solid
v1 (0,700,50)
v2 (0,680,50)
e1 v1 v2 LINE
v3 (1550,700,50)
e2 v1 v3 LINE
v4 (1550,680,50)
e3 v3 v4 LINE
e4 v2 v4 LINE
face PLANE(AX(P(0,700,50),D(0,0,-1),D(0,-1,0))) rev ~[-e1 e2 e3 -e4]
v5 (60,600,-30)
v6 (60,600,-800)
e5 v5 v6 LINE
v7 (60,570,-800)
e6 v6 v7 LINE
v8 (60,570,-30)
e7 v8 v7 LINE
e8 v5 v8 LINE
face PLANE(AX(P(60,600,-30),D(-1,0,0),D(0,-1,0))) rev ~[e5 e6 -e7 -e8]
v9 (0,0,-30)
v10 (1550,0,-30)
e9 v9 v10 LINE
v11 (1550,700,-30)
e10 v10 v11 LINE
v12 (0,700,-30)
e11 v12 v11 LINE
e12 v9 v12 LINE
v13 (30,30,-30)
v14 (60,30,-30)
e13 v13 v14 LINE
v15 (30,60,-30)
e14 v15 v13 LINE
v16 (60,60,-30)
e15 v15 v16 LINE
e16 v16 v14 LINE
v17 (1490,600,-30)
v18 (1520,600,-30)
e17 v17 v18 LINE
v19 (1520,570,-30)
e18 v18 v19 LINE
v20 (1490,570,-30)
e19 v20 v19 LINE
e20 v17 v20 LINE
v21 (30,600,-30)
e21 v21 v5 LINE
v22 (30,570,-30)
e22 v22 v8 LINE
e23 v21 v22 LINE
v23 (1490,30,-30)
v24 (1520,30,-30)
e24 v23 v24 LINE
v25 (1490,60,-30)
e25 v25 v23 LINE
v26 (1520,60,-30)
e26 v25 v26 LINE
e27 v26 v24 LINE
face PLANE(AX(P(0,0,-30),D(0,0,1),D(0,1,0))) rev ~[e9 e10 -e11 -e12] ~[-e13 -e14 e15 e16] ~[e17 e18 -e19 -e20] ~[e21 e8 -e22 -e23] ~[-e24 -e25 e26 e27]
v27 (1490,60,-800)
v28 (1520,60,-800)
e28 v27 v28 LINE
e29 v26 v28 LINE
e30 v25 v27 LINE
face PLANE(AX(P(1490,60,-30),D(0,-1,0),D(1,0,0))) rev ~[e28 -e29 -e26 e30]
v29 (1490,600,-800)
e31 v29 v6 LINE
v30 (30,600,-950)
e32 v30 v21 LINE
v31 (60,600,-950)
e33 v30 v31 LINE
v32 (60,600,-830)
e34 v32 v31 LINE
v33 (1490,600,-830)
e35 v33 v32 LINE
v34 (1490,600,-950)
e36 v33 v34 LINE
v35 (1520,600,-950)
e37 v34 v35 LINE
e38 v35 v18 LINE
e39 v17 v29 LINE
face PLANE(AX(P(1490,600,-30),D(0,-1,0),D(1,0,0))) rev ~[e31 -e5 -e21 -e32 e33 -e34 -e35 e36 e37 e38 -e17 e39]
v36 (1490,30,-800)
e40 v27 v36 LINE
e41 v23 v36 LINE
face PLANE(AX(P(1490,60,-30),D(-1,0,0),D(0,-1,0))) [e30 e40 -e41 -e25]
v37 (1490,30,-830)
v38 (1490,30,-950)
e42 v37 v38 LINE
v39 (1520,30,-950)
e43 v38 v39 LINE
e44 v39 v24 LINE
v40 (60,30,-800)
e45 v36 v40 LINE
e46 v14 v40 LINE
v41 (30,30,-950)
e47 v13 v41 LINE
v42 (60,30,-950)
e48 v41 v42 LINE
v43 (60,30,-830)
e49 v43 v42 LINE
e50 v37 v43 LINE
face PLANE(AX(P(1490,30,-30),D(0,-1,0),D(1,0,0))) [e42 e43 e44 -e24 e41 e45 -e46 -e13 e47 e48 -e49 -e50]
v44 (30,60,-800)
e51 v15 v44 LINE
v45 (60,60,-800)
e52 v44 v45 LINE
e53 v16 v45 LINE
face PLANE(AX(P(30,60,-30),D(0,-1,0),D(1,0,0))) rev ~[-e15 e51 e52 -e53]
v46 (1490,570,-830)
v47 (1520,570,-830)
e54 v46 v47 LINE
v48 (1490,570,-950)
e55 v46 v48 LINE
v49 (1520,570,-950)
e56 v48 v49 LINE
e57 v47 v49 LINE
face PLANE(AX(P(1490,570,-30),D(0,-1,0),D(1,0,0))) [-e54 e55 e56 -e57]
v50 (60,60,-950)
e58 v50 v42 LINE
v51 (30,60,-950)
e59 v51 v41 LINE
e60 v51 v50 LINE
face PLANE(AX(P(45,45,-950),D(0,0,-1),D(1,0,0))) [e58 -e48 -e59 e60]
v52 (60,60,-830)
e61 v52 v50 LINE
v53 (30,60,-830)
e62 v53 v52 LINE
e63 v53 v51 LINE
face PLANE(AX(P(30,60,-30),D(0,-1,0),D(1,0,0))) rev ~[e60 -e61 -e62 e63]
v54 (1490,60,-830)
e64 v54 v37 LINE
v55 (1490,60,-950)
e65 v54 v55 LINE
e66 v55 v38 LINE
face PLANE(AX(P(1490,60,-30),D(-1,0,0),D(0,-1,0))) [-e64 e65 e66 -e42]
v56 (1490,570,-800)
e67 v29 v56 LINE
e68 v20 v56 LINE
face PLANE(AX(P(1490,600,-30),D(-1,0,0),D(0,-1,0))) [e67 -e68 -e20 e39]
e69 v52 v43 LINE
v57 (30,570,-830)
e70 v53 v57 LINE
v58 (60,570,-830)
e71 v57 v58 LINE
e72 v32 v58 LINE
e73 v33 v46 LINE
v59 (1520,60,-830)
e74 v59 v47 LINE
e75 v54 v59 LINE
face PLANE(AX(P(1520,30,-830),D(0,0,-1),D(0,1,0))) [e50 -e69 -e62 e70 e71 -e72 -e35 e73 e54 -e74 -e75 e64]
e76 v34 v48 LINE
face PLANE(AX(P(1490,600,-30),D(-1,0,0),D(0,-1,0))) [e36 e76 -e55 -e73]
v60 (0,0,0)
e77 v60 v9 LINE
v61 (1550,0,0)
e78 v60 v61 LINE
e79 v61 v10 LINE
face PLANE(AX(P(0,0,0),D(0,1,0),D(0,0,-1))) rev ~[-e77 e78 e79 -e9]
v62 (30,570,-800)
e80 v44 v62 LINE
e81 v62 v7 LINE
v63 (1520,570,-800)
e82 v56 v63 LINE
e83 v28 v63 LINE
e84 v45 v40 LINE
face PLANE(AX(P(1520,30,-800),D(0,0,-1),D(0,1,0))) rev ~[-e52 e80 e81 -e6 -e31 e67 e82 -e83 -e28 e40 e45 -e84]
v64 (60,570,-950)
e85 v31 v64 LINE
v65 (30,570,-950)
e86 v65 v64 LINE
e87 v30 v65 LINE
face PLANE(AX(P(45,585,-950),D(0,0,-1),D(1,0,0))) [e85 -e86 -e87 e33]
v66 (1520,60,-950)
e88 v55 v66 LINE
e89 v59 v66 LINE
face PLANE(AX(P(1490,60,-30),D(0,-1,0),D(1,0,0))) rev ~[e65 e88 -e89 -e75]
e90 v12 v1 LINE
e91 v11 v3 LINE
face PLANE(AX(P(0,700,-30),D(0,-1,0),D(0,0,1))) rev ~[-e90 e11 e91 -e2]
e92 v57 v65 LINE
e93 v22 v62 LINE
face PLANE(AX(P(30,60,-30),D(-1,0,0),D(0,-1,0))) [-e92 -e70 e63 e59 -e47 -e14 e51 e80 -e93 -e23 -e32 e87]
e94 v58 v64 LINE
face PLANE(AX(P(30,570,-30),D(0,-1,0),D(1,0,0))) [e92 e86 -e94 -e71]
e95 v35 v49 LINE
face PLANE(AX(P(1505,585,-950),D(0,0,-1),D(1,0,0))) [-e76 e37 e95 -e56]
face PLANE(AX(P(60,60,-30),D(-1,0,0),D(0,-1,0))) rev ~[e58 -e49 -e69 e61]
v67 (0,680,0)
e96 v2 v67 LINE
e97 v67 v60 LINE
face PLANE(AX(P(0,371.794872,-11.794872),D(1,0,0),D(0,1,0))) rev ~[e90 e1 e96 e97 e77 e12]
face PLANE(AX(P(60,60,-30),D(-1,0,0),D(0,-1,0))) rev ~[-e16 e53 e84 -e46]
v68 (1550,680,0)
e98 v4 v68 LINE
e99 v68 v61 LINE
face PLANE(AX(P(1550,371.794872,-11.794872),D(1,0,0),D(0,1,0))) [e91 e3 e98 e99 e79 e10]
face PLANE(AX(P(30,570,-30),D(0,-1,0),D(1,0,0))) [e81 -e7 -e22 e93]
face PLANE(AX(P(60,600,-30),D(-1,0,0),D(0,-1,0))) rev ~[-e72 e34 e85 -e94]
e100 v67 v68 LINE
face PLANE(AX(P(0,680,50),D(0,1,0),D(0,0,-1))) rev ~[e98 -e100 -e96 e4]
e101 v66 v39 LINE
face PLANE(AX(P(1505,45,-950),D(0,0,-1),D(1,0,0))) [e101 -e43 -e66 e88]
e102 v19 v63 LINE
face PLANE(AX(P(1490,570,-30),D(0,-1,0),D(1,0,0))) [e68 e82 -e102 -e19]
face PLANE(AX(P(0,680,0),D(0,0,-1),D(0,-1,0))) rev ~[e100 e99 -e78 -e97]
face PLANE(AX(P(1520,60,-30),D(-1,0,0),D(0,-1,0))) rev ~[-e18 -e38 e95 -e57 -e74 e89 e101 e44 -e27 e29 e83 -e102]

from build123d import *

# Parameters (mm, degrees)
F1_DEPTH = 1550
F2_W     = 30
F2_H     = 30
F3_DEPTH = 920
F4_W     = 570
F4_H     = 30
F5_DEPTH = 1490


with BuildPart() as f1:
    # F0 (on Right) → F1 (new body)
    with BuildSketch(Plane.YZ):
        Polygon((680, 0), (0, 0), (0, -30), (700, -30), (700, 50), (680, 50), align=None)
    extrude(amount=F1_DEPTH)

    # F2 (on face) → F3 (join)
    with BuildSketch(Plane(origin=(0, 0, -30), x_dir=(1, 0, 0), z_dir=(0, 0, -1))):
        with Locations((1505, -45)):
            Rectangle(F2_W, F2_H)
        with Locations((1505, -585)):
            Rectangle(F2_W, F2_H)
        with Locations((45, -585)):
            Rectangle(F2_W, F2_H)
        with Locations((45, -45)):
            Rectangle(F2_W, F2_H)
    extrude(amount=F3_DEPTH)

    # F4 (on face) → F5 (join, through all)
    with BuildSketch(Plane.YZ.offset(1520)):
        with Locations((315, -815)):
            Rectangle(F4_W, F4_H)
    extrude(amount=-F5_DEPTH)


solid = f1.part
